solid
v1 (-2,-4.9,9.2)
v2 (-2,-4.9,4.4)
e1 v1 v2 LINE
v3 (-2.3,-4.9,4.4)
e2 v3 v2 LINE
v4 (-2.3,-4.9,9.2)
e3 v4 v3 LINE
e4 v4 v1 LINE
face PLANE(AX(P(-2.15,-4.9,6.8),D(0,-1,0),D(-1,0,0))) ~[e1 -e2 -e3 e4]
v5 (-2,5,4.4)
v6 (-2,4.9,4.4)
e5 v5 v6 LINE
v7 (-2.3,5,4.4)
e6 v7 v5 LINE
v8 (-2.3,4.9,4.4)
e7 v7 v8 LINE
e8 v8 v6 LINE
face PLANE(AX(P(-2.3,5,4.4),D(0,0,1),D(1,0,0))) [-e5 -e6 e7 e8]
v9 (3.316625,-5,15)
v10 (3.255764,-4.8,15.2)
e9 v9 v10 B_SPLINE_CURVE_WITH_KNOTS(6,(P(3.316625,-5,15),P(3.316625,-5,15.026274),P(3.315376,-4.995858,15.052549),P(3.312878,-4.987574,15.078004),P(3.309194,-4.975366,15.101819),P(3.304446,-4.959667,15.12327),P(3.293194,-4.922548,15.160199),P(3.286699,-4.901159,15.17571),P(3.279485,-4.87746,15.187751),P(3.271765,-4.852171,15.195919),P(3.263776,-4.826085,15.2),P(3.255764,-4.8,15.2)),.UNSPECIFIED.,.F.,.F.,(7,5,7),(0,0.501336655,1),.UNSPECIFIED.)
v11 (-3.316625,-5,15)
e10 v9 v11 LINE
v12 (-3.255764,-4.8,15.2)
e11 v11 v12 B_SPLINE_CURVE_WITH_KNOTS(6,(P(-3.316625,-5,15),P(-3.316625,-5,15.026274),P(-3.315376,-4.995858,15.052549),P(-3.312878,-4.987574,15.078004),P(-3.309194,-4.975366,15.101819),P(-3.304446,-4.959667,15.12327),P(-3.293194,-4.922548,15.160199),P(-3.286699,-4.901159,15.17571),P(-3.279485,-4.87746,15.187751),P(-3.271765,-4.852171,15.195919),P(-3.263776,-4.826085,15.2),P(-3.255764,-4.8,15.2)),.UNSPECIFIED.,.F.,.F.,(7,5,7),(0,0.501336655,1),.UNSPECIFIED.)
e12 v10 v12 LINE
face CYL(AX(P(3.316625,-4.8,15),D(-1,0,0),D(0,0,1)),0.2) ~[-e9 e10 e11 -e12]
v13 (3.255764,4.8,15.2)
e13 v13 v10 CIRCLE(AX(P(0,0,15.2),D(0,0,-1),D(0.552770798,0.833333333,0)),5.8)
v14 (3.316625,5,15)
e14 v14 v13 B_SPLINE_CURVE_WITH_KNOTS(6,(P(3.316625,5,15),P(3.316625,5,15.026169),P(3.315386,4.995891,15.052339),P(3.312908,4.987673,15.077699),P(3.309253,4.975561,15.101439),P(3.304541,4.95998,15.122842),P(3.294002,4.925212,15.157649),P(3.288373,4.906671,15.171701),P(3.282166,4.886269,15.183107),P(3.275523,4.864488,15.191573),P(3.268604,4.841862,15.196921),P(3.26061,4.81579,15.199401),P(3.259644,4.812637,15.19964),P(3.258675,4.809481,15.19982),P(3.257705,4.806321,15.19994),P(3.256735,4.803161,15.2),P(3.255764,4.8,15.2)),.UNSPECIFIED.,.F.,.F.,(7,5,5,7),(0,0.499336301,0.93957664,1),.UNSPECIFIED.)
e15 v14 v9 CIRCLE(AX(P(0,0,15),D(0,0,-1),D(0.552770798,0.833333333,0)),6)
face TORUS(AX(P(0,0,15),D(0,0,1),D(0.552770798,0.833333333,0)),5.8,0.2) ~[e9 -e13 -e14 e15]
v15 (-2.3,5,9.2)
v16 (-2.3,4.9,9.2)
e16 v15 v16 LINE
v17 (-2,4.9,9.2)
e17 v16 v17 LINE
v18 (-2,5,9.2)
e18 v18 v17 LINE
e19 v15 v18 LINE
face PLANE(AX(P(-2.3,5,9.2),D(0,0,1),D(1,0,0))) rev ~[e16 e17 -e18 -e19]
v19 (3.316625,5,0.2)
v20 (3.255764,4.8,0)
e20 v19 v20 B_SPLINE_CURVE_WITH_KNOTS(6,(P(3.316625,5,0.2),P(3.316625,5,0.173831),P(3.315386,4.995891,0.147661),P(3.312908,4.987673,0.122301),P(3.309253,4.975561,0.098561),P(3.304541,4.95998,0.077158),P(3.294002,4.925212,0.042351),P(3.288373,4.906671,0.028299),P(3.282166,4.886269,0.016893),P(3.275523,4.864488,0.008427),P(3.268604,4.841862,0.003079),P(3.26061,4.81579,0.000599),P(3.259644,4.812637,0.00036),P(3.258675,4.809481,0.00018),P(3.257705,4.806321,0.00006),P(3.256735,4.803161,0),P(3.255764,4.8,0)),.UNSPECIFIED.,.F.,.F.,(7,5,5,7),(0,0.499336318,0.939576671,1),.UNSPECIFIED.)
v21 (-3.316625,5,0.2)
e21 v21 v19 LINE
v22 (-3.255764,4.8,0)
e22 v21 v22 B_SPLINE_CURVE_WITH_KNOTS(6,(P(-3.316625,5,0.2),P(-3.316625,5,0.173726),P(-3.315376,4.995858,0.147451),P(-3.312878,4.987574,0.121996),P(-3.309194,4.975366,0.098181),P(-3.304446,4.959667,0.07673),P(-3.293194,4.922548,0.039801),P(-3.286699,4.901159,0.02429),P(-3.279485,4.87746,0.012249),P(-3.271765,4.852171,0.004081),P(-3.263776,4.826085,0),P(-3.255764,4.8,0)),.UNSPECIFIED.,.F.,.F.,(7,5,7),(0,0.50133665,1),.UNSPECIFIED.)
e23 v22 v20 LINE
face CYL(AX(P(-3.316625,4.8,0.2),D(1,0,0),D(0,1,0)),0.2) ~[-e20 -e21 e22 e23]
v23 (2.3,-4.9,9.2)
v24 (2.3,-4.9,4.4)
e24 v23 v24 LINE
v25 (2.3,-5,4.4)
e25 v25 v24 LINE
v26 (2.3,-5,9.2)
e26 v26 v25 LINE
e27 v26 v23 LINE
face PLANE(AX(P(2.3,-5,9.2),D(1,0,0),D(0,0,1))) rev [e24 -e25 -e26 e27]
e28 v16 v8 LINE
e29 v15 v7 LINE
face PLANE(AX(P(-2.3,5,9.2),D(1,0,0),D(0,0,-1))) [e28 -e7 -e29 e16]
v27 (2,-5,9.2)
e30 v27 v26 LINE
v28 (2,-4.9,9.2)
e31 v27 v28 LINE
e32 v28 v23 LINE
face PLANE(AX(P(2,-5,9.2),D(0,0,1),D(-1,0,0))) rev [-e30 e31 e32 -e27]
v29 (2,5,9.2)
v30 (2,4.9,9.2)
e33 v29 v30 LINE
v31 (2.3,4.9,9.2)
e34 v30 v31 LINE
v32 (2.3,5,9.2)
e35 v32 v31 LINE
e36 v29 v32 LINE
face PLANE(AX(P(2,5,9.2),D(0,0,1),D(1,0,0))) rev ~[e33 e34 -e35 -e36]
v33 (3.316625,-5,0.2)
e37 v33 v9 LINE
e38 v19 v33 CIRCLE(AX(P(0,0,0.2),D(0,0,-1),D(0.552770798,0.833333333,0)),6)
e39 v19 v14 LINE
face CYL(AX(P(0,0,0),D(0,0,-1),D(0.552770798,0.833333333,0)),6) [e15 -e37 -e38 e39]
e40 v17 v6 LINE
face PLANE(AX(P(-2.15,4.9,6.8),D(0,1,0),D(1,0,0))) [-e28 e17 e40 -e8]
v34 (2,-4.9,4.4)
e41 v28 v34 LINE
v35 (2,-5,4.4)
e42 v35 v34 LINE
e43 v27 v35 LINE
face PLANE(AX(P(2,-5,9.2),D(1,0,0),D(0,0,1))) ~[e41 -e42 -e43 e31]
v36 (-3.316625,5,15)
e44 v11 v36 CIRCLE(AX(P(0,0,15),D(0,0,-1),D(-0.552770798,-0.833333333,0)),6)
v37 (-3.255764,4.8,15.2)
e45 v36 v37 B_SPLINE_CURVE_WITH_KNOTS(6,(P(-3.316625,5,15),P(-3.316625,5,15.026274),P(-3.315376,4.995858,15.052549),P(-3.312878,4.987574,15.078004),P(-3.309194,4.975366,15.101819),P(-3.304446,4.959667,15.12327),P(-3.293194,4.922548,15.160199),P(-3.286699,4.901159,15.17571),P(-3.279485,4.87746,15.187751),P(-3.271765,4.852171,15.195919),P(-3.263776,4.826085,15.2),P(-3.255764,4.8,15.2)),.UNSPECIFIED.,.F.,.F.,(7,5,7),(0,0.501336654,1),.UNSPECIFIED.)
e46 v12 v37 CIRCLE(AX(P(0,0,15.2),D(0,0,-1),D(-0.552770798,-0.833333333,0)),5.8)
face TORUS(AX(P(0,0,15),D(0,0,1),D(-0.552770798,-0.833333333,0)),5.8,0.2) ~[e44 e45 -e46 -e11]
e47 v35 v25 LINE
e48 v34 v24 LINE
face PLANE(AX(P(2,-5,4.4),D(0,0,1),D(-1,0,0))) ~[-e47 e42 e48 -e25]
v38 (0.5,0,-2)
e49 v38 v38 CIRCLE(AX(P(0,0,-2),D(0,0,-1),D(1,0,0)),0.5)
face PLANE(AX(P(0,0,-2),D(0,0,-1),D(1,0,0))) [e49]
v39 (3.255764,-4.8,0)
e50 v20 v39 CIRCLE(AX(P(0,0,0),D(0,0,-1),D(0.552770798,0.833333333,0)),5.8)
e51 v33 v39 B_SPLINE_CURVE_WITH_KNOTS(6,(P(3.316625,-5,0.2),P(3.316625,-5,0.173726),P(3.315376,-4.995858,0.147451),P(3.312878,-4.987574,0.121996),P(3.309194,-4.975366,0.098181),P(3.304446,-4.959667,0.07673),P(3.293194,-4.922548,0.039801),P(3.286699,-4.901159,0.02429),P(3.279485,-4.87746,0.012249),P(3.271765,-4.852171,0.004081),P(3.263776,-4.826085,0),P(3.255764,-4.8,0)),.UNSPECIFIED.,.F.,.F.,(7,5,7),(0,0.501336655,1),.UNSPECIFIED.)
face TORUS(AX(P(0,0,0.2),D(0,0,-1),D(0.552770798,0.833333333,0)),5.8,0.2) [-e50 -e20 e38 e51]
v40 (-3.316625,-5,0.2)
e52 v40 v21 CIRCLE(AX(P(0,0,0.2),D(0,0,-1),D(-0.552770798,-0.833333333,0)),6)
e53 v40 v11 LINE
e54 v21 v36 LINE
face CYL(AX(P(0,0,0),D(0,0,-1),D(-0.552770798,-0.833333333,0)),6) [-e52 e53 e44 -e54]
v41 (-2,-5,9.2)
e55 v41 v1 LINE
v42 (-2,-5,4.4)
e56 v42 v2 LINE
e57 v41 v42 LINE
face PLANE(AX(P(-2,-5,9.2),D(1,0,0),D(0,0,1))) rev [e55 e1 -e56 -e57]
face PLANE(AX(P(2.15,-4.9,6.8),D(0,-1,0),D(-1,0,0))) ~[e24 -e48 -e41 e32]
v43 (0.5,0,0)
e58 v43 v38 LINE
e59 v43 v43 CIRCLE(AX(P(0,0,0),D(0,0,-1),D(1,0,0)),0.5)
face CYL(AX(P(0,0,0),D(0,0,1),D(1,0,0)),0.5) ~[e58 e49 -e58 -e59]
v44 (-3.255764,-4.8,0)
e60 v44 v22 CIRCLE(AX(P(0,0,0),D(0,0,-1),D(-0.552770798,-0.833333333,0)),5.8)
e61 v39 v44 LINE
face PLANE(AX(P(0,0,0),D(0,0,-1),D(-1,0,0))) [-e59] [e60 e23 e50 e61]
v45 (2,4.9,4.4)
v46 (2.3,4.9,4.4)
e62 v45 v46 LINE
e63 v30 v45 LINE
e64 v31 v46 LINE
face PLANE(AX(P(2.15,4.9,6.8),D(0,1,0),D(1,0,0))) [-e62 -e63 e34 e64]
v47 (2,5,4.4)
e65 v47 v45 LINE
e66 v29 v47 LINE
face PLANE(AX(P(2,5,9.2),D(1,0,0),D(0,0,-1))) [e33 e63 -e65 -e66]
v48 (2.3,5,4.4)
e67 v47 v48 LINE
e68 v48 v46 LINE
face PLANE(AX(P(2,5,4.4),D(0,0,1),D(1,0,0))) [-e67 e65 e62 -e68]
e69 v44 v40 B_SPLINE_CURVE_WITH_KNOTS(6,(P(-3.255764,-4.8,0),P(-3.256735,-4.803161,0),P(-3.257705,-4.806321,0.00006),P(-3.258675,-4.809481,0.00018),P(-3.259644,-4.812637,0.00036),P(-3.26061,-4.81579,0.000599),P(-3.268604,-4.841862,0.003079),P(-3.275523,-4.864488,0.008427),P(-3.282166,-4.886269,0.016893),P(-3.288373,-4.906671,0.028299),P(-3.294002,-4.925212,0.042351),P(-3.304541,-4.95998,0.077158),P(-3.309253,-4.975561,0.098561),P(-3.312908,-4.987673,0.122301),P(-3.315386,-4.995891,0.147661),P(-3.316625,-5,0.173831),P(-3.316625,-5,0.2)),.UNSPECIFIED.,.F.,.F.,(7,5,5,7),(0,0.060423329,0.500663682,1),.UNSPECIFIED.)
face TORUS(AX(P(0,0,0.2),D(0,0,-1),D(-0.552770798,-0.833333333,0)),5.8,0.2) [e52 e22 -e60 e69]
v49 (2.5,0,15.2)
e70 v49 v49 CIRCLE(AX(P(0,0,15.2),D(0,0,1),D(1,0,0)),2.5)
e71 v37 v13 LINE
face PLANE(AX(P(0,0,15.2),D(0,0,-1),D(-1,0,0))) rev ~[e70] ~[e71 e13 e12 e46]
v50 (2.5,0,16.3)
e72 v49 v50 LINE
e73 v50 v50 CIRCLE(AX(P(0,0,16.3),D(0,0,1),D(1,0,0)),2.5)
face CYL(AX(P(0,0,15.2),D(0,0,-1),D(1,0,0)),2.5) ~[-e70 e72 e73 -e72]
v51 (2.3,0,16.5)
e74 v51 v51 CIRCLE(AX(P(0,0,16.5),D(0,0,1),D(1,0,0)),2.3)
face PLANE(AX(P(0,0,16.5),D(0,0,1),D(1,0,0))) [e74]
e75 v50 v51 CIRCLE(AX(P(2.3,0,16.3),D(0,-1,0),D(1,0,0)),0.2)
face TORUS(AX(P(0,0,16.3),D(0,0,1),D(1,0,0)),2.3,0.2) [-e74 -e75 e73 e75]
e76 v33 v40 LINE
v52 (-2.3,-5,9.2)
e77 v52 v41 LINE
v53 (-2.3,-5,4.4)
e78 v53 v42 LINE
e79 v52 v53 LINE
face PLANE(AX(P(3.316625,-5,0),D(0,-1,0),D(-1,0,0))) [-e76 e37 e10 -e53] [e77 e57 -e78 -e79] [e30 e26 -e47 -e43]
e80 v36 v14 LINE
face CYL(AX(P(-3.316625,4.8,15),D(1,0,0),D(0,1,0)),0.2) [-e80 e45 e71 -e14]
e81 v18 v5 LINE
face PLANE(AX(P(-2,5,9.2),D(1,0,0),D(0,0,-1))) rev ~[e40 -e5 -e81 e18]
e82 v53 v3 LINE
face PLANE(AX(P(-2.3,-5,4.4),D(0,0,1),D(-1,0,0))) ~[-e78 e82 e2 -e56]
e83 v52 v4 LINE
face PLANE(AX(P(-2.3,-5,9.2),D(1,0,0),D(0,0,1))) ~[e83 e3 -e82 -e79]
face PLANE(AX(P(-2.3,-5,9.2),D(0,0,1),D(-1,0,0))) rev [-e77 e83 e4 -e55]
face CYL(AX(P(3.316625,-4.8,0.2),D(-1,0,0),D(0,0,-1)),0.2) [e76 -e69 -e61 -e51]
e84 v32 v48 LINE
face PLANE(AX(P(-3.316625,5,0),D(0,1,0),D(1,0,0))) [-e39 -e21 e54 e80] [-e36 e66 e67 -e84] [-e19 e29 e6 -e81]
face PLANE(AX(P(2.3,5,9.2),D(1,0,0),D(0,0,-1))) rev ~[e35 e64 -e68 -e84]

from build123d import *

# Parameters (mm, degrees)
AUFSATZ_LINEAR_AUSTRAGEN1_DEPTH = 15.2
SKIZZE2_R                       = 2.5
AUFSATZ_LINEAR_AUSTRAGEN2_DEPTH = 1.3
SKIZZE3_R                       = 0.5
AUFSATZ_LINEAR_AUSTRAGEN3_DEPTH = 2
VERRUNDUNG1_R                   = 0.2
SKIZZE4_W                       = 0.3
SKIZZE4_H                       = 4.8
SCHNITT_LINEAR_AUSTRAGEN1_DEPTH = 0.1


with BuildPart() as part:
    # Skizze1 → Aufsatz-Linear austragen1 (new body)
    with BuildSketch(Plane.XY):
        with BuildLine():
            Line((-3.31662479, 5), (3.31662479, 5))
            ThreePointArc((3.31662479, 5), (6, 0), (3.31662479, -5))
            Line((3.31662479, -5), (-3.31662479, -5))
            ThreePointArc((-3.31662479, -5), (-6, 0), (-3.31662479, 5))
        make_face()
    extrude(amount=AUFSATZ_LINEAR_AUSTRAGEN1_DEPTH)

    # Skizze2 → Aufsatz-Linear austragen2 (add)
    with BuildSketch(Plane.XY.offset(15.2)):
        Circle(SKIZZE2_R)
    extrude(amount=AUFSATZ_LINEAR_AUSTRAGEN2_DEPTH)

    # Skizze3 → Aufsatz-Linear austragen3 (add)
    with BuildSketch(Plane(origin=(0, 0, 0), x_dir=(-1, 0, 0), z_dir=(0, 0, -1))):
        with Locations(Location((0, 0, 0), (0, 0, 180))):
            Circle(SKIZZE3_R)
    extrude(amount=AUFSATZ_LINEAR_AUSTRAGEN3_DEPTH)

    # Verrundung1
    verrundung1_edges = [part.edges().sort_by_distance(p)[0] for p in [
        (6, 0, 15.2),
        (0, 5, 15.2),
        (-2.5, 0, 16.5),
        (-6, 0, 15.2),
        (0, 5, 0),
        (6, 0, 0),
        (0, -5, 0),
        (-6, 0, 0),
        (0, -5, 15.2),
    ]]
    fillet(verrundung1_edges, radius=VERRUNDUNG1_R)

    # Skizze4 → Schnitt-Linear austragen1 (cut)
    with BuildSketch(Plane(origin=(0, 5, 0), x_dir=(1, 0, 0), z_dir=(0, 1, 0))):
        with Locations((-2.15, -6.8)):
            Rectangle(SKIZZE4_W, SKIZZE4_H)
        with Locations((2.15, -6.8)):
            Rectangle(SKIZZE4_W, SKIZZE4_H)
    schnitt_linear_austragen1 = extrude(amount=-SCHNITT_LINEAR_AUSTRAGEN1_DEPTH, mode=Mode.SUBTRACT)

    # Spiegeln1: Schnitt-Linear austragen1 across plane
    add(schnitt_linear_austragen1.mirror(Plane.ZX), mode=Mode.SUBTRACT)


solid = part.part
